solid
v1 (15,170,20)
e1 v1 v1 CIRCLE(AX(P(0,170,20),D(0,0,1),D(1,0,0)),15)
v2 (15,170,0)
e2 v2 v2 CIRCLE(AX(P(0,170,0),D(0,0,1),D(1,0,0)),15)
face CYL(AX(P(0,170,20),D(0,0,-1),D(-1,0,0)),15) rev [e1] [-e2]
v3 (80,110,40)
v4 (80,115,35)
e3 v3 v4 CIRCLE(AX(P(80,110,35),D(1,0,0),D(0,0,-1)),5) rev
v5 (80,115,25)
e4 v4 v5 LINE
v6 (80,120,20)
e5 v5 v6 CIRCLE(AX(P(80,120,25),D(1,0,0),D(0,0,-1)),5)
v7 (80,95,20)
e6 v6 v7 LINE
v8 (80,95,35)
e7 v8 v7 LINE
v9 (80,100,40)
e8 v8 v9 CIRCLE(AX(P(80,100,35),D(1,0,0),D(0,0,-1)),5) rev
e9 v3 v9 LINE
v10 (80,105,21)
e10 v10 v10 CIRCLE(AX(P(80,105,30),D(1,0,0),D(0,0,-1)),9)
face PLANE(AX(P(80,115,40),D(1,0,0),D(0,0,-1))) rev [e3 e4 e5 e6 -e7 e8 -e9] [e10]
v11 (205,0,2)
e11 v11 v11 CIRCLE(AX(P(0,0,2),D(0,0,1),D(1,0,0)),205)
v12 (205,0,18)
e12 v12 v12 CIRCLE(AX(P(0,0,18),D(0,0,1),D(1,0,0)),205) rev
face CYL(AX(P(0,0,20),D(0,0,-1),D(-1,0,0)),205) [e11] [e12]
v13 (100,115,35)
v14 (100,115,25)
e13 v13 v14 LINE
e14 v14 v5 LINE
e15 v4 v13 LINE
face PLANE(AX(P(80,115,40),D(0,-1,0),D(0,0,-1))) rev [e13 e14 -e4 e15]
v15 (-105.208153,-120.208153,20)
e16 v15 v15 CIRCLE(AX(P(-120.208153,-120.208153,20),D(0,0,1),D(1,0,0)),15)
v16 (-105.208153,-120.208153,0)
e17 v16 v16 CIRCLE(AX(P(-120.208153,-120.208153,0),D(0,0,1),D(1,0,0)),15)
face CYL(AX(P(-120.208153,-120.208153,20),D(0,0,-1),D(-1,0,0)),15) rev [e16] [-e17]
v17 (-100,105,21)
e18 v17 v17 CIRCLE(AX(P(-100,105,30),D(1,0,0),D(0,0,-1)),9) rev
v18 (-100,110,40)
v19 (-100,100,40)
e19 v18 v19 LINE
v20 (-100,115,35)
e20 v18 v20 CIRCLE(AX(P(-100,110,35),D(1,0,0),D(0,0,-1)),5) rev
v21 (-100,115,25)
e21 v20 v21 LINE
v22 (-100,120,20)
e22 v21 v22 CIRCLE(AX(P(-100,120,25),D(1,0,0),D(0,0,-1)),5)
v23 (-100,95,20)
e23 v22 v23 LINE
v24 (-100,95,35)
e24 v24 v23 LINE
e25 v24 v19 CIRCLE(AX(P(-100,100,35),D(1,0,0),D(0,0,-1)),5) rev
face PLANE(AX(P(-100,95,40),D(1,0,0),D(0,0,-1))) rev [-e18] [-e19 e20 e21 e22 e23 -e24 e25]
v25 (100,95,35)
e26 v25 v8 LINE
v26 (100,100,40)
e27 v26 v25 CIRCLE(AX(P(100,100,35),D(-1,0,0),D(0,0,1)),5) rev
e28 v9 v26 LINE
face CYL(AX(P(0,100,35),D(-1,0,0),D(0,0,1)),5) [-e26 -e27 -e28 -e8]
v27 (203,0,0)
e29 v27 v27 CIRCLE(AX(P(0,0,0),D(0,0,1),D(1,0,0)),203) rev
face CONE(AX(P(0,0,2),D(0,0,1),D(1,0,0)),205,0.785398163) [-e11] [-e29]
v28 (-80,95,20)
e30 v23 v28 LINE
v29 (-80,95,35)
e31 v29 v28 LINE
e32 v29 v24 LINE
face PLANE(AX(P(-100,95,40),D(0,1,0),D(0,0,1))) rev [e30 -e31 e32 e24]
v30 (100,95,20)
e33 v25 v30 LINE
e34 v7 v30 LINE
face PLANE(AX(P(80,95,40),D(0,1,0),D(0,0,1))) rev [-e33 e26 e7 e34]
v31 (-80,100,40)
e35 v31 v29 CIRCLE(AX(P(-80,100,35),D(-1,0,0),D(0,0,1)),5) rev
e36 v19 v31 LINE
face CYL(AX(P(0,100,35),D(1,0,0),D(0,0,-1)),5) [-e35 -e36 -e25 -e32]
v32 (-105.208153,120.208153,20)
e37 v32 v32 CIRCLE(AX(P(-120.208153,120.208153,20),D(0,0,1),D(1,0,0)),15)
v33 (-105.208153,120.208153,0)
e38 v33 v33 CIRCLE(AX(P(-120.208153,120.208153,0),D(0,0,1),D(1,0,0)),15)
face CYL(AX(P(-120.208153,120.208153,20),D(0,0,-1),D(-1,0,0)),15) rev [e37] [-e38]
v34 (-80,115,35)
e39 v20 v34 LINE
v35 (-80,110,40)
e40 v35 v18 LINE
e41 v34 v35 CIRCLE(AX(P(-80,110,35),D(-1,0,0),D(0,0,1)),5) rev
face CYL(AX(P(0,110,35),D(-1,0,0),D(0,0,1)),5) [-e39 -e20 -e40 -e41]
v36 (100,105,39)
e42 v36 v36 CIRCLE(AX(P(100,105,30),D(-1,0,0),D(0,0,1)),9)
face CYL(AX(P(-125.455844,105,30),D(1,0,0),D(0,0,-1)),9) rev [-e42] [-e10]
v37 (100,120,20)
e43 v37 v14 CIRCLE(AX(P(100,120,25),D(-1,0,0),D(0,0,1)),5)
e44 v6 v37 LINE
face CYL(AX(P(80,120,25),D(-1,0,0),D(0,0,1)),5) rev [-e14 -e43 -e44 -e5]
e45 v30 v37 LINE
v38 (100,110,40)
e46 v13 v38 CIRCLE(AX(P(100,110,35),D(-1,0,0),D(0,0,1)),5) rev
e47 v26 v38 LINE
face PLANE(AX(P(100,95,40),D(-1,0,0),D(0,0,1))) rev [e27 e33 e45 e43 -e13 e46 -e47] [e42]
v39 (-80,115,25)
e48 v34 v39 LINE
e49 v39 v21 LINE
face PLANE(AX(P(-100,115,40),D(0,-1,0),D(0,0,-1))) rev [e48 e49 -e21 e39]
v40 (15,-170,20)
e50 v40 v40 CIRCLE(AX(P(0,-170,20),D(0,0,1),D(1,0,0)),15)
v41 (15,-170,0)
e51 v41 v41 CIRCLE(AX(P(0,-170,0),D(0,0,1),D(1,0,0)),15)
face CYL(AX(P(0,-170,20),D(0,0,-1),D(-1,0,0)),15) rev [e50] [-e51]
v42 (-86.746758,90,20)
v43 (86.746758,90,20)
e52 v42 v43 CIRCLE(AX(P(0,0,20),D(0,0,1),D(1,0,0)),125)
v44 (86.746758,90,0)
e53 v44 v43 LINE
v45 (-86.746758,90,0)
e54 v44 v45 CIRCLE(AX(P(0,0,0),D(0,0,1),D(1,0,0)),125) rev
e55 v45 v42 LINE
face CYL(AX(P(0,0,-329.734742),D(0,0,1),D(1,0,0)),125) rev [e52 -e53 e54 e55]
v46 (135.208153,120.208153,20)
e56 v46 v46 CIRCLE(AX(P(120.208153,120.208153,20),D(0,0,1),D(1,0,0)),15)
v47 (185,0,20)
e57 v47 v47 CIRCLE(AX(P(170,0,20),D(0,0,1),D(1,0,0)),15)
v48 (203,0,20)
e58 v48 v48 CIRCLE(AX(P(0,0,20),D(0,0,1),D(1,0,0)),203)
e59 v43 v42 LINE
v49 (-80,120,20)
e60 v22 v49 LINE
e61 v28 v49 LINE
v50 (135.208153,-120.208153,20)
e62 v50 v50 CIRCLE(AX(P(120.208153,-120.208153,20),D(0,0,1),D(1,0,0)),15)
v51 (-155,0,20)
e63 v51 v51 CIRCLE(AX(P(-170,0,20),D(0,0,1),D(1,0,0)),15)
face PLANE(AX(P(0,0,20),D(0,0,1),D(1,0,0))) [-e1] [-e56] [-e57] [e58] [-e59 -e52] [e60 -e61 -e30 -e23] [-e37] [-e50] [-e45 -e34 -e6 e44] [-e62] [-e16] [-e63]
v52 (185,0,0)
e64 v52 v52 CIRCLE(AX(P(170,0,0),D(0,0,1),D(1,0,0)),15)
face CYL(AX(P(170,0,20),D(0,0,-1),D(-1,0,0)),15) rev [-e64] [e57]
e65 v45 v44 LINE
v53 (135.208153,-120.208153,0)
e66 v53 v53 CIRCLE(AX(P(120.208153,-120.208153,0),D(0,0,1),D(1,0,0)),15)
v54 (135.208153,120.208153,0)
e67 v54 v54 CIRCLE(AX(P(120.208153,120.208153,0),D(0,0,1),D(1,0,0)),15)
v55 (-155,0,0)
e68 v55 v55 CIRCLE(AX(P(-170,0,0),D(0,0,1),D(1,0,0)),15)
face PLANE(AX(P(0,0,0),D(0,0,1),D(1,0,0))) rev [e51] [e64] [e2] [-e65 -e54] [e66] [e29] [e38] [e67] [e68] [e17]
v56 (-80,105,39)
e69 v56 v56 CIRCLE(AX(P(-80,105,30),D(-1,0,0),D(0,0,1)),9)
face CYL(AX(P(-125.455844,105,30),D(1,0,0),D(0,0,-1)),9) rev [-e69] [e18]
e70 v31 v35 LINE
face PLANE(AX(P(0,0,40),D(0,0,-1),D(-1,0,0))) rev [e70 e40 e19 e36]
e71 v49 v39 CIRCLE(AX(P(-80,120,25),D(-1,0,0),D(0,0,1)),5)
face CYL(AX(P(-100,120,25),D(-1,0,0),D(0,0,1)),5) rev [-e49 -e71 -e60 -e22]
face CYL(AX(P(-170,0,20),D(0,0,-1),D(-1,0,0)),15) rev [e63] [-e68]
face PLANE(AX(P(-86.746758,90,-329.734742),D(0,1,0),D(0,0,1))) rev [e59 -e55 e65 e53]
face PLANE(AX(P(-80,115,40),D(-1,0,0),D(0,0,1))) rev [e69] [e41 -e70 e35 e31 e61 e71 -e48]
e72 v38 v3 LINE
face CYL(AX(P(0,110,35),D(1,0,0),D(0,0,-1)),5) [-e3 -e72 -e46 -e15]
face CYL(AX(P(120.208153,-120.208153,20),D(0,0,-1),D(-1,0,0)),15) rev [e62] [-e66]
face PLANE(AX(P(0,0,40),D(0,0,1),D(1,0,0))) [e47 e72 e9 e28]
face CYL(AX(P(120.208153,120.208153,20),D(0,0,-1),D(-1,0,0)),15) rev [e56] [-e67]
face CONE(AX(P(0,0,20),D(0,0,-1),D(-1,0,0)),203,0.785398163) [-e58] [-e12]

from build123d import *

# Parameters (mm, degrees)
SKETCH1_R                      = 205
SKETCH1_R_2                    = 15
BOSS_EXTRUDE1_DEPTH            = 20
CHAMFER1_SIZE                  = 2
CUT_EXTRUDE1_DEPTH             = 20
SKETCH4_W                      = 20
SKETCH4_H                      = 20
BOSS_EXTRUDE2_DEPTH            = 20
CUT_EXTRUDE3_REACH             = 294.66
SKETCH5_R                      = 9
CUT_EXTRUDE3_DIRECTION_2_REACH = 294.66
FILLET1_R                      = 5


with BuildPart() as part:
    # Sketch1 → Boss-Extrude1 (new body)
    with BuildSketch(Plane.XY):
        Circle(SKETCH1_R)
        with Locations((0, 170)):
            Circle(SKETCH1_R_2, mode=Mode.SUBTRACT)
        with Locations((120.208152802, 120.208152802)):
            Circle(SKETCH1_R_2, mode=Mode.SUBTRACT)
        with Locations((170, 0)):
            Circle(SKETCH1_R_2, mode=Mode.SUBTRACT)
        with Locations((120.208152802, -120.208152802)):
            Circle(SKETCH1_R_2, mode=Mode.SUBTRACT)
        with Locations((0, -170)):
            Circle(SKETCH1_R_2, mode=Mode.SUBTRACT)
        with Locations((-120.208152802, -120.208152802)):
            Circle(SKETCH1_R_2, mode=Mode.SUBTRACT)
        with Locations((-170, 0)):
            Circle(SKETCH1_R_2, mode=Mode.SUBTRACT)
        with Locations((-120.208152802, 120.208152802)):
            Circle(SKETCH1_R_2, mode=Mode.SUBTRACT)
    extrude(amount=BOSS_EXTRUDE1_DEPTH)

    # Chamfer1
    chamfer1_edges = [part.edges().sort_by_distance(p)[0] for p in [
        (-205, 0, 0),
        (-205, 0, 20),
    ]]
    chamfer(chamfer1_edges, length=CHAMFER1_SIZE)

    # Sketch2 → Cut-Extrude1 (cut)
    with BuildSketch(Plane.XY.offset(20)):
        with BuildLine():
            Line((-86.746757864, 90), (86.746757864, 90))
            ThreePointArc((86.746757864, 90), (0, -125), (-86.746757864, 90))
        make_face()
    extrude(amount=-CUT_EXTRUDE1_DEPTH, mode=Mode.SUBTRACT)

    # Sketch4 → Boss-Extrude2 (add)
    with BuildSketch(Plane.XY.offset(20)):
        with Locations((-90, 105)):
            Rectangle(SKETCH4_W, SKETCH4_H)
        with Locations((90, 105)):
            Rectangle(SKETCH4_W, SKETCH4_H)
    extrude(amount=BOSS_EXTRUDE2_DEPTH)

    # Cut-Extrude3: up to this face of the body (flat: up to its plane)
    cut_extrude3_end = Plane(part.part.faces().sort_by_distance((-100, 105, 30))[0])
    # Sketch5 → Cut-Extrude3 (cut, up to the picked face)
    with BuildSketch(Plane(origin=(0, 0, 0), x_dir=(0, 0, -1), z_dir=(1, 0, 0)), mode=Mode.PRIVATE) as cut_extrude3_sk1:
        with Locations((-30, 105)):
            Circle(SKETCH5_R)
    cut_extrude3_tool1 = split(extrude(cut_extrude3_sk1.sketch, amount=-CUT_EXTRUDE3_REACH, mode=Mode.PRIVATE), bisect_by=cut_extrude3_end, keep=Keep.BOTH, mode=Mode.PRIVATE)
    add(cut_extrude3_tool1.solids().sort_by(Axis((0, 105, 30), (-1, 0, 0)))[0], mode=Mode.SUBTRACT)

    # Cut-Extrude3 direction 2: up to this face of the body (flat: up to its plane)
    cut_extrude3_direction_2_end = Plane(part.part.faces().sort_by_distance((100, 105, 30))[0])
    # Sketch5 → Cut-Extrude3 direction 2 (cut, up to the picked face)
    with BuildSketch(Plane(origin=(0, 0, 0), x_dir=(0, 0, -1), z_dir=(1, 0, 0)), mode=Mode.PRIVATE) as cut_extrude3_direction_2_sk1:
        with Locations((-30, 105)):
            Circle(SKETCH5_R)
    cut_extrude3_direction_2_tool1 = split(extrude(cut_extrude3_direction_2_sk1.sketch, amount=CUT_EXTRUDE3_DIRECTION_2_REACH, mode=Mode.PRIVATE), bisect_by=cut_extrude3_direction_2_end, keep=Keep.BOTH, mode=Mode.PRIVATE)
    add(cut_extrude3_direction_2_tool1.solids().sort_by(Axis((0, 105, 30), (1, 0, 0)))[0], mode=Mode.SUBTRACT)

    # Fillet1
    fillet1_edges = [part.edges().sort_by_distance(p)[0] for p in [
        (-90, 115, 20),
        (-90, 95, 40),
        (-90, 115, 40),
        (90, 115, 20),
        (90, 115, 40),
        (90, 95, 40),
    ]]
    fillet(fillet1_edges, radius=FILLET1_R)


solid = part.part
